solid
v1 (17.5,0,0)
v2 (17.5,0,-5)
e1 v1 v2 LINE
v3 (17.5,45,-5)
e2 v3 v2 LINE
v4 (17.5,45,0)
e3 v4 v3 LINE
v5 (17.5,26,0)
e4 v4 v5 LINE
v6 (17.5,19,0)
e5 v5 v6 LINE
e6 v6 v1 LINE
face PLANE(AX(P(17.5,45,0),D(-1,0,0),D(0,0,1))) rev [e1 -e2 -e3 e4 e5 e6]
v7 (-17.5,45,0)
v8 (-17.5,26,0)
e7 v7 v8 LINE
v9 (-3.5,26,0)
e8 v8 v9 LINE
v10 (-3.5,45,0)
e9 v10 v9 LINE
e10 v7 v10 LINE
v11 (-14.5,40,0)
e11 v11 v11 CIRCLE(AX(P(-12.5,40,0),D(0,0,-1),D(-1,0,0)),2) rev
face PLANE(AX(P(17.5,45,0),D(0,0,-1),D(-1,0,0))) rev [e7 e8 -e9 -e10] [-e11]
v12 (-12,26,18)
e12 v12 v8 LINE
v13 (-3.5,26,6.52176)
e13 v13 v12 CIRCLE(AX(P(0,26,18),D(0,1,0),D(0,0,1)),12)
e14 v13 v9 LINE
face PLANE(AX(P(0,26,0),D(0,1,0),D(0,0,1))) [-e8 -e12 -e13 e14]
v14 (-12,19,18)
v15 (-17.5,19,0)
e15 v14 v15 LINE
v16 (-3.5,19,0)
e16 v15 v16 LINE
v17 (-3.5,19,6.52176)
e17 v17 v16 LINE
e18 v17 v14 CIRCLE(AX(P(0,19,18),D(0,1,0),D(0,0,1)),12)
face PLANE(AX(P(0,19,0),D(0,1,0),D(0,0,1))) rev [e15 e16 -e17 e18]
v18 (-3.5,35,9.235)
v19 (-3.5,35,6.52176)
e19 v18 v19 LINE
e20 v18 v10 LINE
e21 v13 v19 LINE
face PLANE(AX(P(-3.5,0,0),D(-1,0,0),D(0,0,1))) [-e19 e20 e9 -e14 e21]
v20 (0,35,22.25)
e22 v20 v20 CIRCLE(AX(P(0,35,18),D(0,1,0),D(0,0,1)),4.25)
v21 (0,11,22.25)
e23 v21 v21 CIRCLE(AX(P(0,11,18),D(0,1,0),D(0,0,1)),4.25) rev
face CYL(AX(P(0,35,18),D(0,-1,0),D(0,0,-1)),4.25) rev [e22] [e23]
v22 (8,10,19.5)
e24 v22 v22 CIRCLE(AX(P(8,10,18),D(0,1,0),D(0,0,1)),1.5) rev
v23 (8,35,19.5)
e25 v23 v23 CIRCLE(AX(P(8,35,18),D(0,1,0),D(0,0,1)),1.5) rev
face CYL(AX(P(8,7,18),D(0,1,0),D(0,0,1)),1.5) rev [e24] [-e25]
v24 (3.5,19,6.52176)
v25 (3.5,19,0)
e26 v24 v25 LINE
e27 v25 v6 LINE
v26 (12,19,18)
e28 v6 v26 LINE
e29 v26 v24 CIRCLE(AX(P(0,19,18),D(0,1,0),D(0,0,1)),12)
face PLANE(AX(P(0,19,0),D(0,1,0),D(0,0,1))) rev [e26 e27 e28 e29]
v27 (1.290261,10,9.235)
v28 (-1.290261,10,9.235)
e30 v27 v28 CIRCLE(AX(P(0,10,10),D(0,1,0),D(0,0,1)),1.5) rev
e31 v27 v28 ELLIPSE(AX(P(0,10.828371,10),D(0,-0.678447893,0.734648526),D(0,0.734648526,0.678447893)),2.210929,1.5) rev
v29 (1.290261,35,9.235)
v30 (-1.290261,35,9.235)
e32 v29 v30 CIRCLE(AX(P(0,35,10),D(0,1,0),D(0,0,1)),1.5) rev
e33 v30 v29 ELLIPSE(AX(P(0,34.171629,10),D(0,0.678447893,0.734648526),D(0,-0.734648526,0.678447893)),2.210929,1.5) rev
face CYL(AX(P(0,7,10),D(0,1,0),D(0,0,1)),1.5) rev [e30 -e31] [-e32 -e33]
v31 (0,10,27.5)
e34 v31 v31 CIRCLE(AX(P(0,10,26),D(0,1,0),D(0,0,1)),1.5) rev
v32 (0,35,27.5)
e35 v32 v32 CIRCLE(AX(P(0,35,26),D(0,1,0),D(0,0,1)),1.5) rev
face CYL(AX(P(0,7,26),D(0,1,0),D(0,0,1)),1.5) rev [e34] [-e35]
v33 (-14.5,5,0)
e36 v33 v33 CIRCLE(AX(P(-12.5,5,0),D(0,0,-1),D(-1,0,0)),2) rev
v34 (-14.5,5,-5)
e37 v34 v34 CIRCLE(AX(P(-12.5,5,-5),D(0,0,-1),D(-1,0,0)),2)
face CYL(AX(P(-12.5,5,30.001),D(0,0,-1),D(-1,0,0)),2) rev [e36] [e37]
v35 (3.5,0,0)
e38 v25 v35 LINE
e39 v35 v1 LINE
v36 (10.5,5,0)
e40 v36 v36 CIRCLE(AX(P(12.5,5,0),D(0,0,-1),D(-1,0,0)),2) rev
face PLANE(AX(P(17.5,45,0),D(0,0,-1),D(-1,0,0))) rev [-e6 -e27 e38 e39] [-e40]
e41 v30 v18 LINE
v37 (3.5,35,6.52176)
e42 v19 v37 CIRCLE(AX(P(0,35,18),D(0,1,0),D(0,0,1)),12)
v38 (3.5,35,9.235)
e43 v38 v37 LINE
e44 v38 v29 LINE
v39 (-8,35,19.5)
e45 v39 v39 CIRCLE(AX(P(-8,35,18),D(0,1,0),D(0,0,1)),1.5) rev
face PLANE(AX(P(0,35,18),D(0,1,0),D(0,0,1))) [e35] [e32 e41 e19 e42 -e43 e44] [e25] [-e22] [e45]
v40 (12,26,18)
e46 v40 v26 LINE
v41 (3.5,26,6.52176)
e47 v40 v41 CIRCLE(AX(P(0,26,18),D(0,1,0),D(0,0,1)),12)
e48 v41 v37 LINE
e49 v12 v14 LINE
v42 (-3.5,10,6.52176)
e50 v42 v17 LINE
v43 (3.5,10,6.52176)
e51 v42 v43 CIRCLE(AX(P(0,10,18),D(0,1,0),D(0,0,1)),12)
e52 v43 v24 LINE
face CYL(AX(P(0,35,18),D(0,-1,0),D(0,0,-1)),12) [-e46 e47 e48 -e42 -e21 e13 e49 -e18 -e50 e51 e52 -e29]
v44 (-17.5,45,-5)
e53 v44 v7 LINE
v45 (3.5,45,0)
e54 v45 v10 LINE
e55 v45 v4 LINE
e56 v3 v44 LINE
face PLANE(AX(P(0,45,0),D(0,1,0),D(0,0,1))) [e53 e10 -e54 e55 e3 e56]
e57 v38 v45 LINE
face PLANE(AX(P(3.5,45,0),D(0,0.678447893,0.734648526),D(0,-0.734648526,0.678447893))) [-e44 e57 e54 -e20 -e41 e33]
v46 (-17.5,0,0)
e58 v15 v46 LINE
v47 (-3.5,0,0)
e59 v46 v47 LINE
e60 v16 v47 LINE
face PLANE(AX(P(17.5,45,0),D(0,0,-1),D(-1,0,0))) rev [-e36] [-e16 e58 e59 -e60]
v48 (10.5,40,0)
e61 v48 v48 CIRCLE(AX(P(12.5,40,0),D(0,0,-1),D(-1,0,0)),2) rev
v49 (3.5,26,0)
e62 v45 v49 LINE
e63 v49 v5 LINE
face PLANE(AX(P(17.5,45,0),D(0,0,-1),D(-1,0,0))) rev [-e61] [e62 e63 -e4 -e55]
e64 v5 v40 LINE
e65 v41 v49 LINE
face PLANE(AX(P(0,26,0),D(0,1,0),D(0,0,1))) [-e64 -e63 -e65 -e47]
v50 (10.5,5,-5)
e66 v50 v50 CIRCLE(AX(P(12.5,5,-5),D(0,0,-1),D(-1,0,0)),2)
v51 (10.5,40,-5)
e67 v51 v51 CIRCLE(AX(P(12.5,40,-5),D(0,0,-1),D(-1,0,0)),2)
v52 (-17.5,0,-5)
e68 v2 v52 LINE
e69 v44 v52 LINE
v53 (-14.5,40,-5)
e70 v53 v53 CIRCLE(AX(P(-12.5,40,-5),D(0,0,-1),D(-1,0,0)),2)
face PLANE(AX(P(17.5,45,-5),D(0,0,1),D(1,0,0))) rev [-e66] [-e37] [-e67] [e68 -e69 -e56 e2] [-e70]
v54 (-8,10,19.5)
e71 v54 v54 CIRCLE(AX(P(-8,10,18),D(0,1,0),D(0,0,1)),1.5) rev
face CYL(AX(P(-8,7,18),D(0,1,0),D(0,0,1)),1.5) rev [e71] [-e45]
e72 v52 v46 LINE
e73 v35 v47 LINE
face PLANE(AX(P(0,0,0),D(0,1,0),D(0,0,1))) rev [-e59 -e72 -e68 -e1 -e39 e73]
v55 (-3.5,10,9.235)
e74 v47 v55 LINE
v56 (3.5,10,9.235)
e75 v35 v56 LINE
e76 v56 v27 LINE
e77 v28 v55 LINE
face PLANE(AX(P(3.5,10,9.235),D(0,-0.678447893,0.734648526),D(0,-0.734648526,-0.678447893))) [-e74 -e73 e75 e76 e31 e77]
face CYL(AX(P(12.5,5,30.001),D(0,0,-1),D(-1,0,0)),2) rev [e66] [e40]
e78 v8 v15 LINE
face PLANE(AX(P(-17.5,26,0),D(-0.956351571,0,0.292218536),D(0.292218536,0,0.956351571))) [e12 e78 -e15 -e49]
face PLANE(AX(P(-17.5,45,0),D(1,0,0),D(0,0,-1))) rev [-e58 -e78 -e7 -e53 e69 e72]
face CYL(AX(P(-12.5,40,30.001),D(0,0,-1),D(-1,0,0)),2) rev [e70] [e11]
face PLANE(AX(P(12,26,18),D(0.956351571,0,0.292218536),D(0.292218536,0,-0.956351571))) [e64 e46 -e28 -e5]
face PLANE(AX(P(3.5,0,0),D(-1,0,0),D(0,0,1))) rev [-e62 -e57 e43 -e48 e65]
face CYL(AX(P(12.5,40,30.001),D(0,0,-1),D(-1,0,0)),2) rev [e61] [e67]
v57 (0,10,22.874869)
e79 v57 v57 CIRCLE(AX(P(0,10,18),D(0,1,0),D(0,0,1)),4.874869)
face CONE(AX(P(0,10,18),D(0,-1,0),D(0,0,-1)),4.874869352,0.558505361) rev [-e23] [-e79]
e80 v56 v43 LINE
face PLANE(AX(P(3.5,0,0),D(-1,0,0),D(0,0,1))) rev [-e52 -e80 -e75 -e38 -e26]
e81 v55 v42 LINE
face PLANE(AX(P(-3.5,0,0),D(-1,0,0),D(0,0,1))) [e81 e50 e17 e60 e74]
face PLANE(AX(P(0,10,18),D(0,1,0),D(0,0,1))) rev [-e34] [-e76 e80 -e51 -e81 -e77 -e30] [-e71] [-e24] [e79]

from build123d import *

# Parameters (mm, degrees)
SZKIC1_W                               = 35
SZKIC1_H                               = 5
DODANIE_WYCI_GNI_CIE1_DEPTH            = 45
DODANIE_WYCI_GNI_CIE2_START            = 10
SZKIC2_R                               = 12
SZKIC2_R_2                             = 4.25
DODANIE_WYCI_GNI_CIE2_DEPTH            = 25
DODANIE_WYCI_GNI_CIE3_START            = -14
DODANIE_WYCI_GNI_CIE3_DEPTH            = 7
DODANIE_WYCI_GNI_CIE4_START            = -19
DODANIE_WYCI_GNI_CIE4_DEPTH            = 7
WYTNIJ_WYCI_GNI_CIE1_REACH             = 61.634
SZKIC5_R                               = 2
WYTNIJ_WYCI_GNI_CIE2_REACH             = 51.308
SZKIC10_R                              = 1.5
WYTNIJ_WYCI_GNI_CIE2_DIRECTION_2_DEPTH = 3
SZYK_KO_OWY1_COUNT                     = 4
SFAZOWANIE1_SIZE                       = 1
SFAZOWANIE1_SIZE2                      = 0.624869352


with BuildPart() as part:
    # Szkic1 → Dodanie-wyciągnięcie1 (new body)
    with BuildSketch(Plane(origin=(0, 0, 0), x_dir=(1, 0, 0), z_dir=(0, 1, 0))):
        with Locations((0, 2.5)):
            Rectangle(SZKIC1_W, SZKIC1_H)
    extrude(amount=DODANIE_WYCI_GNI_CIE1_DEPTH)



with BuildPart() as body_2:
    # Szkic2 → Dodanie-wyciągnięcie2 (new body)
    with BuildSketch(Plane(origin=(0, 0, 0), x_dir=(1, 0, 0), z_dir=(0, 1, 0)).offset(DODANIE_WYCI_GNI_CIE2_START)):
        with Locations(Location((0, -18, 0), (0, 0, 270))):
            Circle(SZKIC2_R)
        with Locations(Location((0, -18, 0), (0, 0, 270))):
            Circle(SZKIC2_R_2, mode=Mode.SUBTRACT)
    extrude(amount=DODANIE_WYCI_GNI_CIE2_DEPTH)


with BuildPart() as part_1:
    add(part.part)

    add(body_2.part)  # Dodanie-wyciągnięcie3 merges body 2
    # Szkic3 → Dodanie-wyciągnięcie3 (add)
    with BuildSketch(Plane.ZY.offset(17.5).offset(DODANIE_WYCI_GNI_CIE3_START)):
        Polygon((0, 0), (0, 45), (9.234999726, 35), (9.234999726, 10), align=None)
    extrude(amount=-DODANIE_WYCI_GNI_CIE3_DEPTH)

    # Szkic4 → Dodanie-wyciągnięcie4 (add)
    with BuildSketch(Plane.XZ.offset(DODANIE_WYCI_GNI_CIE4_START)):
        Polygon((-17.5, 0), (-12, 18), (0, 9.234999726), (12, 18), (17.5, 0), align=None)
    extrude(amount=-DODANIE_WYCI_GNI_CIE4_DEPTH)

    # Szkic5 → Wytnij-wyciągnięcie1 (cut, up to next)
    with BuildSketch(Plane(origin=(0, 0, -5), x_dir=(-1, 0, 0), z_dir=(0, 0, -1)), mode=Mode.PRIVATE) as wytnij_wyci_gni_cie1_sk1:
        with Locations((-12.5, 40)):
            Circle(SZKIC5_R)
    wytnij_wyci_gni_cie1_tool1 = extrude(wytnij_wyci_gni_cie1_sk1.sketch, amount=-WYTNIJ_WYCI_GNI_CIE1_REACH, mode=Mode.PRIVATE) & part_1.part
    # Szkic5 → Wytnij-wyciągnięcie1 (cut, up to next)
    with BuildSketch(Plane(origin=(0, 0, -5), x_dir=(-1, 0, 0), z_dir=(0, 0, -1)), mode=Mode.PRIVATE) as wytnij_wyci_gni_cie1_sk2:
        with Locations((12.5, 40)):
            Circle(SZKIC5_R)
    wytnij_wyci_gni_cie1_tool2 = extrude(wytnij_wyci_gni_cie1_sk2.sketch, amount=-WYTNIJ_WYCI_GNI_CIE1_REACH, mode=Mode.PRIVATE) & part_1.part
    # Szkic5 → Wytnij-wyciągnięcie1 (cut, up to next)
    with BuildSketch(Plane(origin=(0, 0, -5), x_dir=(-1, 0, 0), z_dir=(0, 0, -1)), mode=Mode.PRIVATE) as wytnij_wyci_gni_cie1_sk3:
        with Locations((12.5, 5)):
            Circle(SZKIC5_R)
    wytnij_wyci_gni_cie1_tool3 = extrude(wytnij_wyci_gni_cie1_sk3.sketch, amount=-WYTNIJ_WYCI_GNI_CIE1_REACH, mode=Mode.PRIVATE) & part_1.part
    # Szkic5 → Wytnij-wyciągnięcie1 (cut, up to next)
    with BuildSketch(Plane(origin=(0, 0, -5), x_dir=(-1, 0, 0), z_dir=(0, 0, -1)), mode=Mode.PRIVATE) as wytnij_wyci_gni_cie1_sk4:
        with Locations((-12.5, 5)):
            Circle(SZKIC5_R)
    wytnij_wyci_gni_cie1_tool4 = extrude(wytnij_wyci_gni_cie1_sk4.sketch, amount=-WYTNIJ_WYCI_GNI_CIE1_REACH, mode=Mode.PRIVATE) & part_1.part
    add(wytnij_wyci_gni_cie1_tool1.solids().sort_by_distance((12.5, 40, -5))[0], mode=Mode.SUBTRACT)
    add(wytnij_wyci_gni_cie1_tool2.solids().sort_by_distance((-12.5, 40, -5))[0], mode=Mode.SUBTRACT)
    add(wytnij_wyci_gni_cie1_tool3.solids().sort_by_distance((-12.5, 5, -5))[0], mode=Mode.SUBTRACT)
    add(wytnij_wyci_gni_cie1_tool4.solids().sort_by_distance((12.5, 5, -5))[0], mode=Mode.SUBTRACT)

    # Szkic10 → Wytnij-wyciągnięcie2 (cut, up to next)
    with BuildSketch(Plane(origin=(0, 10, 0), x_dir=(-1, 0, 0), z_dir=(0, -1, 0)), mode=Mode.PRIVATE) as wytnij_wyci_gni_cie2_sk1:
        with Locations(Location((-8, -18, 0), (0, 0, 270))):
            Circle(SZKIC10_R)
    wytnij_wyci_gni_cie2_tool1 = extrude(wytnij_wyci_gni_cie2_sk1.sketch, amount=-WYTNIJ_WYCI_GNI_CIE2_REACH, mode=Mode.PRIVATE) & part_1.part
    wytnij_wyci_gni_cie2 = wytnij_wyci_gni_cie2_tool1.solids().sort_by_distance((8, 10, 18))[0]
    add(wytnij_wyci_gni_cie2, mode=Mode.SUBTRACT)

    # Szkic10 → Wytnij-wyciągnięcie2 direction 2 (cut)
    with BuildSketch(Plane(origin=(0, 10, 0), x_dir=(-1, 0, 0), z_dir=(0, -1, 0))):
        with Locations(Location((-8, -18, 0), (0, 0, 270))):
            Circle(SZKIC10_R)
    wytnij_wyci_gni_cie2_direction_2 = extrude(amount=WYTNIJ_WYCI_GNI_CIE2_DIRECTION_2_DEPTH, mode=Mode.SUBTRACT)

    # Szyk kołowy1: Wytnij-wyciągnięcie2, Wytnij-wyciągnięcie2 direction 2; each copy of Wytnij-wyciągnięcie2 runs up to whatever stops it at its own place
    szyk_ko_owy1_before = part_1.part  # the part as the pattern finds it: every copy runs up to it
    szyk_ko_owy1_wytnij_wyci_gni_cie2_long = extrude(wytnij_wyci_gni_cie2_sk1.sketch, amount=-WYTNIJ_WYCI_GNI_CIE2_REACH, mode=Mode.PRIVATE)
    szyk_ko_owy1_wytnij_wyci_gni_cie2_tool1 = szyk_ko_owy1_wytnij_wyci_gni_cie2_long.rotate(Axis((0, 0, 18), (0, 1, 0)), 1 * 360 / SZYK_KO_OWY1_COUNT) & szyk_ko_owy1_before
    add(szyk_ko_owy1_wytnij_wyci_gni_cie2_tool1.solids().sort_by_distance((0, 10, 10))[0], mode=Mode.SUBTRACT)
    szyk_ko_owy1_wytnij_wyci_gni_cie2_tool2 = szyk_ko_owy1_wytnij_wyci_gni_cie2_long.rotate(Axis((0, 0, 18), (0, 1, 0)), 2 * 360 / SZYK_KO_OWY1_COUNT) & szyk_ko_owy1_before
    add(szyk_ko_owy1_wytnij_wyci_gni_cie2_tool2.solids().sort_by_distance((-8, 10, 18))[0], mode=Mode.SUBTRACT)
    szyk_ko_owy1_wytnij_wyci_gni_cie2_tool3 = szyk_ko_owy1_wytnij_wyci_gni_cie2_long.rotate(Axis((0, 0, 18), (0, 1, 0)), 3 * 360 / SZYK_KO_OWY1_COUNT) & szyk_ko_owy1_before
    add(szyk_ko_owy1_wytnij_wyci_gni_cie2_tool3.solids().sort_by_distance((0, 10, 26))[0], mode=Mode.SUBTRACT)
    add(wytnij_wyci_gni_cie2_direction_2.rotate(Axis((0, 0, 18), (0, 1, 0)), 1 * 360 / SZYK_KO_OWY1_COUNT), mode=Mode.SUBTRACT)
    add(wytnij_wyci_gni_cie2_direction_2.rotate(Axis((0, 0, 18), (0, 1, 0)), 2 * 360 / SZYK_KO_OWY1_COUNT), mode=Mode.SUBTRACT)
    add(wytnij_wyci_gni_cie2_direction_2.rotate(Axis((0, 0, 18), (0, 1, 0)), 3 * 360 / SZYK_KO_OWY1_COUNT), mode=Mode.SUBTRACT)

    # Sfazowanie1
    sfazowanie1_edges = [part_1.edges().sort_by_distance(p)[0] for p in [
        (0, 10, 13.75),
    ]]
    sfazowanie1_side = [part_1.faces().sort_by_distance(p)[0] for p in [
        (0, 22.5, 13.75),
    ]]
    chamfer(sfazowanie1_edges, length=SFAZOWANIE1_SIZE, length2=SFAZOWANIE1_SIZE2, reference=sfazowanie1_side[0])


solid = part_1.part
